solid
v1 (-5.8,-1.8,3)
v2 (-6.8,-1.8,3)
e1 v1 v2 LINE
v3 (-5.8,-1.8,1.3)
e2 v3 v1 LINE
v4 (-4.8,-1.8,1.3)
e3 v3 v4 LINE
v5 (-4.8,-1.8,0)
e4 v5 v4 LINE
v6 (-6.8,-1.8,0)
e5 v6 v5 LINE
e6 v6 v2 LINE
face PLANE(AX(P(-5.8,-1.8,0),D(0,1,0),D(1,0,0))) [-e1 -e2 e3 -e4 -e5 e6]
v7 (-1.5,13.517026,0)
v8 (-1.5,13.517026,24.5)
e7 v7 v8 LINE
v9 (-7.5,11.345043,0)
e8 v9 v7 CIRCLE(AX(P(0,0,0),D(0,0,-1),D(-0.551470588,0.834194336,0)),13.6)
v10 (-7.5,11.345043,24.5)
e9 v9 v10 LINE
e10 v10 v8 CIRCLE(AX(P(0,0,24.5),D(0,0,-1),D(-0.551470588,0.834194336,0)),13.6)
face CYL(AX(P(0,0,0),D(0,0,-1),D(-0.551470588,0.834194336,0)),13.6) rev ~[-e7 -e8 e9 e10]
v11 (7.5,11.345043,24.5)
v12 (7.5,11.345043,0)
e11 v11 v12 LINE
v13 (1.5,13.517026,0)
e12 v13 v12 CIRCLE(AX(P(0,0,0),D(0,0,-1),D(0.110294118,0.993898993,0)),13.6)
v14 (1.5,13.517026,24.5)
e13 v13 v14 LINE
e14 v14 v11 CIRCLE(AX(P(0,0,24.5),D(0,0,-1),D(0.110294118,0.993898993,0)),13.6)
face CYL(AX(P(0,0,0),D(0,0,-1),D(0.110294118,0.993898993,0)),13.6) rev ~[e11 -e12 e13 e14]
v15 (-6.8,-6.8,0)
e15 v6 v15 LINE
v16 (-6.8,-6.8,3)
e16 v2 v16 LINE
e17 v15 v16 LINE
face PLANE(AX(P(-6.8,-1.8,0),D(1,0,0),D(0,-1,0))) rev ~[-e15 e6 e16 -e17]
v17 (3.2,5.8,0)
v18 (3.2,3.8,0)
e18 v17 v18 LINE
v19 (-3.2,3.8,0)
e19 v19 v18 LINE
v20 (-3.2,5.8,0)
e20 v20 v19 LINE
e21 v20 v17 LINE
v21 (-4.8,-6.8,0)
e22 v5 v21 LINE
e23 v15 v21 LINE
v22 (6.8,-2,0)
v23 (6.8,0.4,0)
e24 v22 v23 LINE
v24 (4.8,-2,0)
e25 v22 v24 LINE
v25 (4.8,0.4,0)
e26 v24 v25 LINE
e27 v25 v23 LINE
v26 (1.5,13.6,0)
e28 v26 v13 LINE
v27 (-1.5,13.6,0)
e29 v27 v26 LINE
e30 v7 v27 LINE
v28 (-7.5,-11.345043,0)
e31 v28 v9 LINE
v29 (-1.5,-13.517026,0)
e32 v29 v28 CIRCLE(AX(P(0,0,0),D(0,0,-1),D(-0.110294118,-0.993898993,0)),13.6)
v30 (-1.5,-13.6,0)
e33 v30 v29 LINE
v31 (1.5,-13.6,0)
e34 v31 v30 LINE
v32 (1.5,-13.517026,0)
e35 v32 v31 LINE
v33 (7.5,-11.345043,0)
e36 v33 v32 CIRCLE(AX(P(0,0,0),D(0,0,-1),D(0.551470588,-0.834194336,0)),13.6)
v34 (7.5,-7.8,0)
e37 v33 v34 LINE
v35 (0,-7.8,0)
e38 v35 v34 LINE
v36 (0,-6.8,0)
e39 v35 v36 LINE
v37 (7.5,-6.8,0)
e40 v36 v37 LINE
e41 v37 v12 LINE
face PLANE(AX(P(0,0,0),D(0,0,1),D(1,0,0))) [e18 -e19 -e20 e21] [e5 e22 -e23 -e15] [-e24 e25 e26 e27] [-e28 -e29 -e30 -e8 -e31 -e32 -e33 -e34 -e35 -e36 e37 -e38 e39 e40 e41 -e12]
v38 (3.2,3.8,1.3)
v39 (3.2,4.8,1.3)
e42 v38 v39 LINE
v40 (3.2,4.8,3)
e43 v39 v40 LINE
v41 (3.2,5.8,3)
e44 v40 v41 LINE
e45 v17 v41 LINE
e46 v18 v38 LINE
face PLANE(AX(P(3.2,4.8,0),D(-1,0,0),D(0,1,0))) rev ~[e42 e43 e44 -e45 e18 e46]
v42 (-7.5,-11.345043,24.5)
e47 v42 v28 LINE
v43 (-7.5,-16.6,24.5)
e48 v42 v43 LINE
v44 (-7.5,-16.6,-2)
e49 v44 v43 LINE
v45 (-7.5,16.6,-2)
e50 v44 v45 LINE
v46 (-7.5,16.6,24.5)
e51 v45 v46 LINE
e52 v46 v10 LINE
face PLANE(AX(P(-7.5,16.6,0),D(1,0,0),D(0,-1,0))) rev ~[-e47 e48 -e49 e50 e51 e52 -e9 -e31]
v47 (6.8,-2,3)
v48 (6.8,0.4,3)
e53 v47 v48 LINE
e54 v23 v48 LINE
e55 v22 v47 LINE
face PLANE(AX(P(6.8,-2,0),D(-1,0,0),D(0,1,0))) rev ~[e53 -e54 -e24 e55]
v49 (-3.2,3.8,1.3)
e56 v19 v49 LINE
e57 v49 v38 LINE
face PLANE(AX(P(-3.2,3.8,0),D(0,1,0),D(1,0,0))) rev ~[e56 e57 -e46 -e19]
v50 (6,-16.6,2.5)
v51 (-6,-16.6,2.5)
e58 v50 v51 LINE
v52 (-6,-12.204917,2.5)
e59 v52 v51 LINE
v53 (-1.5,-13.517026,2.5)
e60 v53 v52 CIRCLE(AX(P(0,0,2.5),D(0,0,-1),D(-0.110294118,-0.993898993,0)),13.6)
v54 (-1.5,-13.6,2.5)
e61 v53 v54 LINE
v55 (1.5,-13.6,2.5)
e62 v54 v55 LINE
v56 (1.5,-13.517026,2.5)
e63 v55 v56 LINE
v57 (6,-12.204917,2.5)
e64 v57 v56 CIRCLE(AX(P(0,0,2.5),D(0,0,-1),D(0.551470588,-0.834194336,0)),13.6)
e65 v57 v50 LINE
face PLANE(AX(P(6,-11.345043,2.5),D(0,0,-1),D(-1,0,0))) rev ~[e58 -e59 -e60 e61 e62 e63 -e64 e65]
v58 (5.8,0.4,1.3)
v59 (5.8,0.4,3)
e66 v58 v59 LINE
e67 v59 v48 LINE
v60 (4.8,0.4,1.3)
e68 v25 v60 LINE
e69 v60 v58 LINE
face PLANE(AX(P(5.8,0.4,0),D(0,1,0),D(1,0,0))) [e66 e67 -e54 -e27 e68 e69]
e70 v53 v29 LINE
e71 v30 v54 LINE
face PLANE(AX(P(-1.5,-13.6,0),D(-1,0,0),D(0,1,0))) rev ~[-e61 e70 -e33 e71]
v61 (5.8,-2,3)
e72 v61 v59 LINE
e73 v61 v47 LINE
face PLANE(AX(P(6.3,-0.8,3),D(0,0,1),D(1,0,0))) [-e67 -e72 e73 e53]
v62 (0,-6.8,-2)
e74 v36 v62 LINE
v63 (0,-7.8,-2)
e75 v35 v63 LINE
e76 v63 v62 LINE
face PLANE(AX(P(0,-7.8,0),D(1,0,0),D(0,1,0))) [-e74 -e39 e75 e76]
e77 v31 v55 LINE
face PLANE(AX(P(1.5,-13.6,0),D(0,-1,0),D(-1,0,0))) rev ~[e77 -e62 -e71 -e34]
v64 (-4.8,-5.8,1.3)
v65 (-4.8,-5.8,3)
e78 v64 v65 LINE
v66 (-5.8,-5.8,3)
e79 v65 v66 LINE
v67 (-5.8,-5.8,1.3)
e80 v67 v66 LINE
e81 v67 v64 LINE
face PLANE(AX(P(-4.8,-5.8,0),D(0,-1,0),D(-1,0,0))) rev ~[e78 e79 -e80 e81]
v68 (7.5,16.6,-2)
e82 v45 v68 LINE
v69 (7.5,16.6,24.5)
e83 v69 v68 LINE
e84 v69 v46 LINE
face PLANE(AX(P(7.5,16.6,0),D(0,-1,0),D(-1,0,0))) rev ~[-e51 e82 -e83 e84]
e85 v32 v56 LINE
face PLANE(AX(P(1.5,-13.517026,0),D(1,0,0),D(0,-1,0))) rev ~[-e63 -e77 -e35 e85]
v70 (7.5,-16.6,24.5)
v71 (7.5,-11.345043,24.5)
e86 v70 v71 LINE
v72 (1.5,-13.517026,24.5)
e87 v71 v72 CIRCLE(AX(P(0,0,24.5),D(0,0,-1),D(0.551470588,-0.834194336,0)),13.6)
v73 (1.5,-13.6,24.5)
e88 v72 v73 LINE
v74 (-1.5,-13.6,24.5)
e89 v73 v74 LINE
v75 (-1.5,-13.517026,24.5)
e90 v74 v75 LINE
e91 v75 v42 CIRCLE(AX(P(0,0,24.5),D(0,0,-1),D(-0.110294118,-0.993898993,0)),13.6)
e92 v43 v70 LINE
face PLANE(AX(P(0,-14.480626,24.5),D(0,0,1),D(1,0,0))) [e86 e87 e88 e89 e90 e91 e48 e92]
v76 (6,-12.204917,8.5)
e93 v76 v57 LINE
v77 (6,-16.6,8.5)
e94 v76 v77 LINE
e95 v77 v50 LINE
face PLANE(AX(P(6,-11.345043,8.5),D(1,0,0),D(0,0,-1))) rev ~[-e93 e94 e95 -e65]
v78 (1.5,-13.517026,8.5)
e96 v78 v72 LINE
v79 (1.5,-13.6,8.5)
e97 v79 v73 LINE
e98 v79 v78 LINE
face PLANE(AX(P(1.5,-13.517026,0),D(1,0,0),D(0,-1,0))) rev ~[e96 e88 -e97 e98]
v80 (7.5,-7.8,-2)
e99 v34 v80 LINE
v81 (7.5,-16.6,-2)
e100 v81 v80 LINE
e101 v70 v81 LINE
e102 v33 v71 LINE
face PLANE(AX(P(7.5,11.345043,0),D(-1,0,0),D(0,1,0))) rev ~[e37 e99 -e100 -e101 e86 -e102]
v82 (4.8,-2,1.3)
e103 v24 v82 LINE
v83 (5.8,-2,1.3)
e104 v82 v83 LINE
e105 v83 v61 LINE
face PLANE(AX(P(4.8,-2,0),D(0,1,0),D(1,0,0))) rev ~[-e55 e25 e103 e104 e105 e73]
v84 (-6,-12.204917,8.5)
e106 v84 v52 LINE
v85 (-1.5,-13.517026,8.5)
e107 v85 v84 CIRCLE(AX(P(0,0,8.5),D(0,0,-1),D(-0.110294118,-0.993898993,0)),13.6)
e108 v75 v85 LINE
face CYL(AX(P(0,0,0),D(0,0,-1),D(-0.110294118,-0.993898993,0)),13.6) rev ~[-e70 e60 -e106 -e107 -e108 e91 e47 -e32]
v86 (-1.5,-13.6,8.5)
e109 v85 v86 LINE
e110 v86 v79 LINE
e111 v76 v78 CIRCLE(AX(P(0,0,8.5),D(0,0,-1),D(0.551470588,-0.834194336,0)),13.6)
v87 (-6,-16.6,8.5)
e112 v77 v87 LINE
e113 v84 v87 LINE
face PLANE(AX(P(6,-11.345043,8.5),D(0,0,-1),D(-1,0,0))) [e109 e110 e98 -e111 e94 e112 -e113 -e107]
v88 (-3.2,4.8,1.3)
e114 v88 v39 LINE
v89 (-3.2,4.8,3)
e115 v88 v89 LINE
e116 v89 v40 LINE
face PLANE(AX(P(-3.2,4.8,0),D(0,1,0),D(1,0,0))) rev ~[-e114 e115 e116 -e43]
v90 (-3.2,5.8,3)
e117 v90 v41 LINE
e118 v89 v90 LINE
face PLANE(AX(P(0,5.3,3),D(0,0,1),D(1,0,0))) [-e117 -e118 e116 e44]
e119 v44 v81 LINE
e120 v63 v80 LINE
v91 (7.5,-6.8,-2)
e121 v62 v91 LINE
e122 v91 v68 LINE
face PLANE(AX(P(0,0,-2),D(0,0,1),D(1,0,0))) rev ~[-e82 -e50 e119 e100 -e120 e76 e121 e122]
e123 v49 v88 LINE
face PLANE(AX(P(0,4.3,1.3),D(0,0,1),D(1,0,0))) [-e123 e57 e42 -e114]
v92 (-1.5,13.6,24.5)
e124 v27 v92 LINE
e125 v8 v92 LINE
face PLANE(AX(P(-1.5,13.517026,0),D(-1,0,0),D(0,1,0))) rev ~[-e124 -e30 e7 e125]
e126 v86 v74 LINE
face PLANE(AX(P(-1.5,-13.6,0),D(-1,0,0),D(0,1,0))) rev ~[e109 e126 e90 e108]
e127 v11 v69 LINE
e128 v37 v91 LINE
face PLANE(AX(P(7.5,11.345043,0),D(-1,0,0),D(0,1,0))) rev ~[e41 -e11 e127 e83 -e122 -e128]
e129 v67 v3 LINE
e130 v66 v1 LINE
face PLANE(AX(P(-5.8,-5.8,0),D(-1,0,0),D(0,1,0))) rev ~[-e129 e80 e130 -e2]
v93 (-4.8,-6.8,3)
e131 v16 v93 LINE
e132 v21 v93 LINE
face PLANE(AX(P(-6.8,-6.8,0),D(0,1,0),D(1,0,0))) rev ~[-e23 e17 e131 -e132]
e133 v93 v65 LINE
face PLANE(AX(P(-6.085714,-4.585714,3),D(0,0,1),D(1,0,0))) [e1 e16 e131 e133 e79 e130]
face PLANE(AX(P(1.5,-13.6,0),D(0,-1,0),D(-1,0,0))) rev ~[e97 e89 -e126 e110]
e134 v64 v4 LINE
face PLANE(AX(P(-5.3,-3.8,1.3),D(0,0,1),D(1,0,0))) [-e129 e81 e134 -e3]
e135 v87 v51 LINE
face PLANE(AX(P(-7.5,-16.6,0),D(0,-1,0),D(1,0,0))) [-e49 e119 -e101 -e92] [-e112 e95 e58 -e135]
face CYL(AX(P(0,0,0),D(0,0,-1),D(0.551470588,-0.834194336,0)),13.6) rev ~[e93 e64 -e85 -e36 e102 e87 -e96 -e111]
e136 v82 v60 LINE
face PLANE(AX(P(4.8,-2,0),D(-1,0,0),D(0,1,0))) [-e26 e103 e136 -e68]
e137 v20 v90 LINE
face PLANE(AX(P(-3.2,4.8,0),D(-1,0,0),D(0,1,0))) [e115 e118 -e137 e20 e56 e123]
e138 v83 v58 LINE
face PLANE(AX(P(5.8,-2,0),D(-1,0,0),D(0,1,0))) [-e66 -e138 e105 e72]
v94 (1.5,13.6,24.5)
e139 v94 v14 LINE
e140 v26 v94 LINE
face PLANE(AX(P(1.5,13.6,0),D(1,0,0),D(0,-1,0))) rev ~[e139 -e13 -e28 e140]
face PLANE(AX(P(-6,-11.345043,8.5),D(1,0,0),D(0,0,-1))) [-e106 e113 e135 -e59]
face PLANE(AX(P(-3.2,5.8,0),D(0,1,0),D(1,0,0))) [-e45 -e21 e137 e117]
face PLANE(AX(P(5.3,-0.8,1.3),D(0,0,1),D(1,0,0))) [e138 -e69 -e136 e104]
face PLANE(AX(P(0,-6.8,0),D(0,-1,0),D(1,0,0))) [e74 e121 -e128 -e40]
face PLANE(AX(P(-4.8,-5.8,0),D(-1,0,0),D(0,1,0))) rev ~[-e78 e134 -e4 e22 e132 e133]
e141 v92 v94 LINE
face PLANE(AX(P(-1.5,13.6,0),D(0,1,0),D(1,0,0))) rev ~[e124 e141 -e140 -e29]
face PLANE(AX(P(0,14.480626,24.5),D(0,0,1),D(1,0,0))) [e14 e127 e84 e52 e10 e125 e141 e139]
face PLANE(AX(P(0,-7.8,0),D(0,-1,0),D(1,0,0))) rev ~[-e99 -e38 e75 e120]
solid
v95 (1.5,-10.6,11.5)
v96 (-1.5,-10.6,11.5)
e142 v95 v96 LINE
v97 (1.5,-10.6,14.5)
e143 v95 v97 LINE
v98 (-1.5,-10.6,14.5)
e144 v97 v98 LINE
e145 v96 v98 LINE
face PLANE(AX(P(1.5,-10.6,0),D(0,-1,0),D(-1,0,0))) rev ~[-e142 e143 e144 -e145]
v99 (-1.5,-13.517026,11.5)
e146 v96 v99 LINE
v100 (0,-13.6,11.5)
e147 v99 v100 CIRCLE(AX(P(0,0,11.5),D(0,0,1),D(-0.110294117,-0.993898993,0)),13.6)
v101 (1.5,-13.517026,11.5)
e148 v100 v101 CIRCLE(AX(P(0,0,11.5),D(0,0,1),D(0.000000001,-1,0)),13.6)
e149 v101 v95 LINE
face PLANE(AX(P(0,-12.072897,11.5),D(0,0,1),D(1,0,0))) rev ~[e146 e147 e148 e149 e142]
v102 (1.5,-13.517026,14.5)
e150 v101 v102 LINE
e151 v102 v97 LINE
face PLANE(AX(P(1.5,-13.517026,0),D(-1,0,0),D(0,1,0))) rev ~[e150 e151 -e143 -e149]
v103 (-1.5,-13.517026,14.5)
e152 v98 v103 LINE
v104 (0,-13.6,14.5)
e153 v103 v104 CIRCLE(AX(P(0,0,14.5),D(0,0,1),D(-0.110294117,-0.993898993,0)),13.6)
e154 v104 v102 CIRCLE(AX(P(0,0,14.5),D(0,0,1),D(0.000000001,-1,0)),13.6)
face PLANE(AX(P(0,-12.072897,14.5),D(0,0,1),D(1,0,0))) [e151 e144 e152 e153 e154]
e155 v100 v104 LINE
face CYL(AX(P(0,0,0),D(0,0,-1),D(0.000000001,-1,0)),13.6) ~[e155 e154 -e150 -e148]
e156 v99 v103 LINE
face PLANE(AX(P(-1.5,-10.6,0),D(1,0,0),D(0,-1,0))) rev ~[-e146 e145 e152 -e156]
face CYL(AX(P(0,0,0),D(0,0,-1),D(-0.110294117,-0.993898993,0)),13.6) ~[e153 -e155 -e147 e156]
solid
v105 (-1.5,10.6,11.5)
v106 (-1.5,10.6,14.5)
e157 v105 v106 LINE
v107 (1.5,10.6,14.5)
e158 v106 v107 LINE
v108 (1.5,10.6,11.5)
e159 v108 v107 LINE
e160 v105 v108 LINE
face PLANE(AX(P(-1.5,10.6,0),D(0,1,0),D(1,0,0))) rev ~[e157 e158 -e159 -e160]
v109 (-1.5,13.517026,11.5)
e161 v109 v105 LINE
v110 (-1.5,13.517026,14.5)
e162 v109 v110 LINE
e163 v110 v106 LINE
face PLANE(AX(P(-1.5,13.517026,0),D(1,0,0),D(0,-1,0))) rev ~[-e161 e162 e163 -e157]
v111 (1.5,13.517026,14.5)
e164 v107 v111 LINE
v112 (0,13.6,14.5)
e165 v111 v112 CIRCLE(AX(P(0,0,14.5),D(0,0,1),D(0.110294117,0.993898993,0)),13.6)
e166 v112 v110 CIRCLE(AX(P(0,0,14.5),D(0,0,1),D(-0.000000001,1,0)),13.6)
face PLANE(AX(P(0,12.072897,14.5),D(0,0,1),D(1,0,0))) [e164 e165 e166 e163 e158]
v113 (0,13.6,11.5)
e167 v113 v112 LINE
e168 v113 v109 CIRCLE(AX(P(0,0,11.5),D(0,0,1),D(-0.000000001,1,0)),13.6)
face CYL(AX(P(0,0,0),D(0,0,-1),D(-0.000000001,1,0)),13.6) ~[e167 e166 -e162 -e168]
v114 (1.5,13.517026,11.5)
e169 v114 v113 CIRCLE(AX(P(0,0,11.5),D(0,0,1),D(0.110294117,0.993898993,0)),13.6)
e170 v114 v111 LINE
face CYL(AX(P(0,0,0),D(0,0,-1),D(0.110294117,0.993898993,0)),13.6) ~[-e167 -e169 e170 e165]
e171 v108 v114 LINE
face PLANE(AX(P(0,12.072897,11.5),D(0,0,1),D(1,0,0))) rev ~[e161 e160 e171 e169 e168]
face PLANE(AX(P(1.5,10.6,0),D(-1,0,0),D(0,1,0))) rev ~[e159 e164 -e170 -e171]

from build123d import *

# Parameters (mm, degrees)
BOSS_EXTRUDE1_DEPTH   = 14.5
BOSS_EXTRUDE1_2_DEPTH = 14.5
BOSS_EXTRUDE1_3_DEPTH = 14.5
BOSS_EXTRUDE1_4_DEPTH = 14.5
SKETCH1_3_W           = 15
SKETCH1_3_H           = 33.2
BOSS_EXTRUDE3_DEPTH   = 2
CUT_EXTRUDE1_DEPTH    = 11.5
BOSS_EXTRUDE4_DEPTH   = 24.5
SKETCH2_W             = 1
SKETCH2_H             = 4
SKETCH2_W_2           = 6.4
SKETCH2_H_2           = 1
SKETCH2_H_3           = 2.4
BOSS_EXTRUDE5_DEPTH   = 1.3
SKETCH2_3_W           = 6.4
SKETCH2_3_H           = 1
SKETCH2_3_W_2         = 1
SKETCH2_3_H_2         = 2.4
BOSS_EXTRUDE6_DEPTH   = 3
SKETCH2_4_W           = 7.5
SKETCH2_4_H           = 1
CUT_EXTRUDE2_DEPTH    = 3
SKETCH3_W             = 12
SKETCH3_H             = 6
CUT_EXTRUDE4_DEPTH    = 5.254957


with BuildPart() as part:
    # Sketch1 → Boss-Extrude1 (new body)
    with BuildSketch(Plane.XY):
        with BuildLine():
            Line((7.5, 16.6), (-7.5, 16.6))
            Line((-7.5, 16.6), (-7.5, 11.34504297))
            ThreePointArc((-7.5, 11.34504297), (-4.629187607, 12.787909215), (-1.5, 13.5170263))
            Line((-1.5, 13.5170263), (-1.5, 13.6))
            Line((-1.5, 13.6), (0, 13.6))
            Line((0, 13.6), (1.5, 13.6))
            Line((1.5, 13.6), (1.5, 13.5170263))
            ThreePointArc((1.5, 13.5170263), (4.629187607, 12.787909215), (7.5, 11.34504297))
            Line((7.5, 11.34504297), (7.5, 16.6))
        make_face()
    extrude(amount=BOSS_EXTRUDE1_DEPTH)



with BuildPart() as body_2:
    # Sketch1 → Boss-Extrude1 2 (new body)
    with BuildSketch(Plane.XY):
        with BuildLine():
            ThreePointArc((0, 13.6), (-0.751146563, 13.579240731), (-1.5, 13.5170263))
            Line((-1.5, 13.5170263), (-1.5, 10.6))
            Line((-1.5, 10.6), (1.5, 10.6))
            Line((1.5, 10.6), (1.5, 13.5170263))
            ThreePointArc((1.5, 13.5170263), (0.751146563, 13.579240731), (0, 13.6))
        make_face()
    extrude(amount=BOSS_EXTRUDE1_2_DEPTH)


with BuildPart() as body_3:
    # Sketch1 → Boss-Extrude1 3 (new body)
    with BuildSketch(Plane.XY):
        with BuildLine():
            Line((-1.5, -10.6), (-1.5, -13.5170263))
            ThreePointArc((-1.5, -13.5170263), (-0.751146563, -13.579240731), (0, -13.6))
            ThreePointArc((0, -13.6), (0.751146563, -13.579240731), (1.5, -13.5170263))
            Line((1.5, -13.5170263), (1.5, -10.6))
            Line((1.5, -10.6), (-1.5, -10.6))
        make_face()
    extrude(amount=BOSS_EXTRUDE1_3_DEPTH)


with BuildPart() as body_4:
    # Sketch1 → Boss-Extrude1 4 (new body)
    with BuildSketch(Plane.XY):
        with BuildLine():
            ThreePointArc((-1.5, -13.5170263), (-4.629187607, -12.787909215), (-7.5, -11.34504297))
            Line((-7.5, -11.34504297), (-7.5, -16.6))
            Line((-7.5, -16.6), (7.5, -16.6))
            Line((7.5, -16.6), (7.5, -11.34504297))
            ThreePointArc((7.5, -11.34504297), (4.629187607, -12.787909215), (1.5, -13.5170263))
            Line((1.5, -13.5170263), (1.5, -13.6))
            Line((1.5, -13.6), (0, -13.6))
            Line((0, -13.6), (-1.5, -13.6))
            Line((-1.5, -13.6), (-1.5, -13.5170263))
        make_face()
    extrude(amount=BOSS_EXTRUDE1_4_DEPTH)


with BuildPart() as part_1:
    add(part.part)

    add(body_4.part)  # Boss-Extrude3 merges body 4
    # Sketch1<3> → Boss-Extrude3 (add)
    with BuildSketch(Plane.XY):
        Rectangle(SKETCH1_3_W, SKETCH1_3_H)
    extrude(amount=-BOSS_EXTRUDE3_DEPTH)

    # Sketch1<5> → Boss-Extrude4 (add)
    with BuildSketch(Plane.XY):
        with BuildLine():
            Line((7.5, 16.6), (-7.5, 16.6))
            Line((-7.5, 16.6), (-7.5, 11.34504297))
            ThreePointArc((-7.5, 11.34504297), (-4.629187607, 12.787909215), (-1.5, 13.5170263))
            Line((-1.5, 13.5170263), (-1.5, 13.6))
            Line((-1.5, 13.6), (0, 13.6))
            Line((0, 13.6), (1.5, 13.6))
            Line((1.5, 13.6), (1.5, 13.5170263))
            ThreePointArc((1.5, 13.5170263), (4.629187607, 12.787909215), (7.5, 11.34504297))
            Line((7.5, 11.34504297), (7.5, 16.6))
        make_face()
        with BuildLine():
            ThreePointArc((-1.5, -13.5170263), (-4.629187607, -12.787909215), (-7.5, -11.34504297))
            Line((-7.5, -11.34504297), (-7.5, -16.6))
            Line((-7.5, -16.6), (7.5, -16.6))
            Line((7.5, -16.6), (7.5, -11.34504297))
            ThreePointArc((7.5, -11.34504297), (4.629187607, -12.787909215), (1.5, -13.5170263))
            Line((1.5, -13.5170263), (1.5, -13.6))
            Line((1.5, -13.6), (0, -13.6))
            Line((0, -13.6), (-1.5, -13.6))
            Line((-1.5, -13.6), (-1.5, -13.5170263))
        make_face()
    extrude(amount=BOSS_EXTRUDE4_DEPTH)

    # Sketch2 → Boss-Extrude5 (add)
    with BuildSketch(Plane.XY):
        with Locations((-5.3, -3.8)):
            Rectangle(SKETCH2_W, SKETCH2_H)
        with Locations((0, 4.3)):
            Rectangle(SKETCH2_W_2, SKETCH2_H_2)
        with Locations((5.3, -0.8)):
            Rectangle(SKETCH2_W, SKETCH2_H_3)
    extrude(amount=BOSS_EXTRUDE5_DEPTH)

    # Sketch2<3> → Boss-Extrude6 (add)
    with BuildSketch(Plane.XY):
        with Locations((0, 5.3)):
            Rectangle(SKETCH2_3_W, SKETCH2_3_H)
        Polygon((-5.8, -1.8), (-6.8, -1.8), (-6.8, -6.8), (-4.8, -6.8), (-4.8, -5.8), (-5.8, -5.8), align=None)
        with Locations((6.3, -0.8)):
            Rectangle(SKETCH2_3_W_2, SKETCH2_3_H_2)
    extrude(amount=BOSS_EXTRUDE6_DEPTH)

    # Sketch2<4> → Cut-Extrude2 (cut, through all)
    with BuildSketch(Plane.XY):
        with Locations((3.75, -7.3)):
            Rectangle(SKETCH2_4_W, SKETCH2_4_H)
    extrude(amount=-CUT_EXTRUDE2_DEPTH, mode=Mode.SUBTRACT)

    # Sketch3 → Cut-Extrude4 (cut)
    with BuildSketch(Plane(origin=(0, -11.34504297, 0), x_dir=(-1, 0, 0), z_dir=(0, -1, 0))):
        with Locations((0, -5.5)):
            Rectangle(SKETCH3_W, SKETCH3_H)
    extrude(amount=CUT_EXTRUDE4_DEPTH, mode=Mode.SUBTRACT)


with BuildPart() as cut_extrude1_tool:
    # Sketch1<4> → Cut-Extrude1 (new body)
    with BuildSketch(Plane.XY):
        with BuildLine():
            Line((-1.5, -10.6), (-1.5, -13.5170263))
            ThreePointArc((-1.5, -13.5170263), (-0.751146563, -13.579240731), (0, -13.6))
            ThreePointArc((0, -13.6), (0.751146563, -13.579240731), (1.5, -13.5170263))
            Line((1.5, -13.5170263), (1.5, -10.6))
            Line((1.5, -10.6), (-1.5, -10.6))
        make_face()
        with BuildLine():
            ThreePointArc((0, 13.6), (-0.751146563, 13.579240731), (-1.5, 13.5170263))
            Line((-1.5, 13.5170263), (-1.5, 10.6))
            Line((-1.5, 10.6), (1.5, 10.6))
            Line((1.5, 10.6), (1.5, 13.5170263))
            ThreePointArc((1.5, 13.5170263), (0.751146563, 13.579240731), (0, 13.6))
        make_face()
    extrude(amount=CUT_EXTRUDE1_DEPTH)


with BuildPart() as body_2_1:
    add(body_2.part)

    # Cut-Extrude1: cut by cut_extrude1_tool
    add(cut_extrude1_tool.part, mode=Mode.SUBTRACT)


with BuildPart() as body_3_1:
    add(body_3.part)

    # Cut-Extrude1: cut by cut_extrude1_tool
    add(cut_extrude1_tool.part, mode=Mode.SUBTRACT)


solid = Compound([part_1.part, body_2_1.part, body_3_1.part])
